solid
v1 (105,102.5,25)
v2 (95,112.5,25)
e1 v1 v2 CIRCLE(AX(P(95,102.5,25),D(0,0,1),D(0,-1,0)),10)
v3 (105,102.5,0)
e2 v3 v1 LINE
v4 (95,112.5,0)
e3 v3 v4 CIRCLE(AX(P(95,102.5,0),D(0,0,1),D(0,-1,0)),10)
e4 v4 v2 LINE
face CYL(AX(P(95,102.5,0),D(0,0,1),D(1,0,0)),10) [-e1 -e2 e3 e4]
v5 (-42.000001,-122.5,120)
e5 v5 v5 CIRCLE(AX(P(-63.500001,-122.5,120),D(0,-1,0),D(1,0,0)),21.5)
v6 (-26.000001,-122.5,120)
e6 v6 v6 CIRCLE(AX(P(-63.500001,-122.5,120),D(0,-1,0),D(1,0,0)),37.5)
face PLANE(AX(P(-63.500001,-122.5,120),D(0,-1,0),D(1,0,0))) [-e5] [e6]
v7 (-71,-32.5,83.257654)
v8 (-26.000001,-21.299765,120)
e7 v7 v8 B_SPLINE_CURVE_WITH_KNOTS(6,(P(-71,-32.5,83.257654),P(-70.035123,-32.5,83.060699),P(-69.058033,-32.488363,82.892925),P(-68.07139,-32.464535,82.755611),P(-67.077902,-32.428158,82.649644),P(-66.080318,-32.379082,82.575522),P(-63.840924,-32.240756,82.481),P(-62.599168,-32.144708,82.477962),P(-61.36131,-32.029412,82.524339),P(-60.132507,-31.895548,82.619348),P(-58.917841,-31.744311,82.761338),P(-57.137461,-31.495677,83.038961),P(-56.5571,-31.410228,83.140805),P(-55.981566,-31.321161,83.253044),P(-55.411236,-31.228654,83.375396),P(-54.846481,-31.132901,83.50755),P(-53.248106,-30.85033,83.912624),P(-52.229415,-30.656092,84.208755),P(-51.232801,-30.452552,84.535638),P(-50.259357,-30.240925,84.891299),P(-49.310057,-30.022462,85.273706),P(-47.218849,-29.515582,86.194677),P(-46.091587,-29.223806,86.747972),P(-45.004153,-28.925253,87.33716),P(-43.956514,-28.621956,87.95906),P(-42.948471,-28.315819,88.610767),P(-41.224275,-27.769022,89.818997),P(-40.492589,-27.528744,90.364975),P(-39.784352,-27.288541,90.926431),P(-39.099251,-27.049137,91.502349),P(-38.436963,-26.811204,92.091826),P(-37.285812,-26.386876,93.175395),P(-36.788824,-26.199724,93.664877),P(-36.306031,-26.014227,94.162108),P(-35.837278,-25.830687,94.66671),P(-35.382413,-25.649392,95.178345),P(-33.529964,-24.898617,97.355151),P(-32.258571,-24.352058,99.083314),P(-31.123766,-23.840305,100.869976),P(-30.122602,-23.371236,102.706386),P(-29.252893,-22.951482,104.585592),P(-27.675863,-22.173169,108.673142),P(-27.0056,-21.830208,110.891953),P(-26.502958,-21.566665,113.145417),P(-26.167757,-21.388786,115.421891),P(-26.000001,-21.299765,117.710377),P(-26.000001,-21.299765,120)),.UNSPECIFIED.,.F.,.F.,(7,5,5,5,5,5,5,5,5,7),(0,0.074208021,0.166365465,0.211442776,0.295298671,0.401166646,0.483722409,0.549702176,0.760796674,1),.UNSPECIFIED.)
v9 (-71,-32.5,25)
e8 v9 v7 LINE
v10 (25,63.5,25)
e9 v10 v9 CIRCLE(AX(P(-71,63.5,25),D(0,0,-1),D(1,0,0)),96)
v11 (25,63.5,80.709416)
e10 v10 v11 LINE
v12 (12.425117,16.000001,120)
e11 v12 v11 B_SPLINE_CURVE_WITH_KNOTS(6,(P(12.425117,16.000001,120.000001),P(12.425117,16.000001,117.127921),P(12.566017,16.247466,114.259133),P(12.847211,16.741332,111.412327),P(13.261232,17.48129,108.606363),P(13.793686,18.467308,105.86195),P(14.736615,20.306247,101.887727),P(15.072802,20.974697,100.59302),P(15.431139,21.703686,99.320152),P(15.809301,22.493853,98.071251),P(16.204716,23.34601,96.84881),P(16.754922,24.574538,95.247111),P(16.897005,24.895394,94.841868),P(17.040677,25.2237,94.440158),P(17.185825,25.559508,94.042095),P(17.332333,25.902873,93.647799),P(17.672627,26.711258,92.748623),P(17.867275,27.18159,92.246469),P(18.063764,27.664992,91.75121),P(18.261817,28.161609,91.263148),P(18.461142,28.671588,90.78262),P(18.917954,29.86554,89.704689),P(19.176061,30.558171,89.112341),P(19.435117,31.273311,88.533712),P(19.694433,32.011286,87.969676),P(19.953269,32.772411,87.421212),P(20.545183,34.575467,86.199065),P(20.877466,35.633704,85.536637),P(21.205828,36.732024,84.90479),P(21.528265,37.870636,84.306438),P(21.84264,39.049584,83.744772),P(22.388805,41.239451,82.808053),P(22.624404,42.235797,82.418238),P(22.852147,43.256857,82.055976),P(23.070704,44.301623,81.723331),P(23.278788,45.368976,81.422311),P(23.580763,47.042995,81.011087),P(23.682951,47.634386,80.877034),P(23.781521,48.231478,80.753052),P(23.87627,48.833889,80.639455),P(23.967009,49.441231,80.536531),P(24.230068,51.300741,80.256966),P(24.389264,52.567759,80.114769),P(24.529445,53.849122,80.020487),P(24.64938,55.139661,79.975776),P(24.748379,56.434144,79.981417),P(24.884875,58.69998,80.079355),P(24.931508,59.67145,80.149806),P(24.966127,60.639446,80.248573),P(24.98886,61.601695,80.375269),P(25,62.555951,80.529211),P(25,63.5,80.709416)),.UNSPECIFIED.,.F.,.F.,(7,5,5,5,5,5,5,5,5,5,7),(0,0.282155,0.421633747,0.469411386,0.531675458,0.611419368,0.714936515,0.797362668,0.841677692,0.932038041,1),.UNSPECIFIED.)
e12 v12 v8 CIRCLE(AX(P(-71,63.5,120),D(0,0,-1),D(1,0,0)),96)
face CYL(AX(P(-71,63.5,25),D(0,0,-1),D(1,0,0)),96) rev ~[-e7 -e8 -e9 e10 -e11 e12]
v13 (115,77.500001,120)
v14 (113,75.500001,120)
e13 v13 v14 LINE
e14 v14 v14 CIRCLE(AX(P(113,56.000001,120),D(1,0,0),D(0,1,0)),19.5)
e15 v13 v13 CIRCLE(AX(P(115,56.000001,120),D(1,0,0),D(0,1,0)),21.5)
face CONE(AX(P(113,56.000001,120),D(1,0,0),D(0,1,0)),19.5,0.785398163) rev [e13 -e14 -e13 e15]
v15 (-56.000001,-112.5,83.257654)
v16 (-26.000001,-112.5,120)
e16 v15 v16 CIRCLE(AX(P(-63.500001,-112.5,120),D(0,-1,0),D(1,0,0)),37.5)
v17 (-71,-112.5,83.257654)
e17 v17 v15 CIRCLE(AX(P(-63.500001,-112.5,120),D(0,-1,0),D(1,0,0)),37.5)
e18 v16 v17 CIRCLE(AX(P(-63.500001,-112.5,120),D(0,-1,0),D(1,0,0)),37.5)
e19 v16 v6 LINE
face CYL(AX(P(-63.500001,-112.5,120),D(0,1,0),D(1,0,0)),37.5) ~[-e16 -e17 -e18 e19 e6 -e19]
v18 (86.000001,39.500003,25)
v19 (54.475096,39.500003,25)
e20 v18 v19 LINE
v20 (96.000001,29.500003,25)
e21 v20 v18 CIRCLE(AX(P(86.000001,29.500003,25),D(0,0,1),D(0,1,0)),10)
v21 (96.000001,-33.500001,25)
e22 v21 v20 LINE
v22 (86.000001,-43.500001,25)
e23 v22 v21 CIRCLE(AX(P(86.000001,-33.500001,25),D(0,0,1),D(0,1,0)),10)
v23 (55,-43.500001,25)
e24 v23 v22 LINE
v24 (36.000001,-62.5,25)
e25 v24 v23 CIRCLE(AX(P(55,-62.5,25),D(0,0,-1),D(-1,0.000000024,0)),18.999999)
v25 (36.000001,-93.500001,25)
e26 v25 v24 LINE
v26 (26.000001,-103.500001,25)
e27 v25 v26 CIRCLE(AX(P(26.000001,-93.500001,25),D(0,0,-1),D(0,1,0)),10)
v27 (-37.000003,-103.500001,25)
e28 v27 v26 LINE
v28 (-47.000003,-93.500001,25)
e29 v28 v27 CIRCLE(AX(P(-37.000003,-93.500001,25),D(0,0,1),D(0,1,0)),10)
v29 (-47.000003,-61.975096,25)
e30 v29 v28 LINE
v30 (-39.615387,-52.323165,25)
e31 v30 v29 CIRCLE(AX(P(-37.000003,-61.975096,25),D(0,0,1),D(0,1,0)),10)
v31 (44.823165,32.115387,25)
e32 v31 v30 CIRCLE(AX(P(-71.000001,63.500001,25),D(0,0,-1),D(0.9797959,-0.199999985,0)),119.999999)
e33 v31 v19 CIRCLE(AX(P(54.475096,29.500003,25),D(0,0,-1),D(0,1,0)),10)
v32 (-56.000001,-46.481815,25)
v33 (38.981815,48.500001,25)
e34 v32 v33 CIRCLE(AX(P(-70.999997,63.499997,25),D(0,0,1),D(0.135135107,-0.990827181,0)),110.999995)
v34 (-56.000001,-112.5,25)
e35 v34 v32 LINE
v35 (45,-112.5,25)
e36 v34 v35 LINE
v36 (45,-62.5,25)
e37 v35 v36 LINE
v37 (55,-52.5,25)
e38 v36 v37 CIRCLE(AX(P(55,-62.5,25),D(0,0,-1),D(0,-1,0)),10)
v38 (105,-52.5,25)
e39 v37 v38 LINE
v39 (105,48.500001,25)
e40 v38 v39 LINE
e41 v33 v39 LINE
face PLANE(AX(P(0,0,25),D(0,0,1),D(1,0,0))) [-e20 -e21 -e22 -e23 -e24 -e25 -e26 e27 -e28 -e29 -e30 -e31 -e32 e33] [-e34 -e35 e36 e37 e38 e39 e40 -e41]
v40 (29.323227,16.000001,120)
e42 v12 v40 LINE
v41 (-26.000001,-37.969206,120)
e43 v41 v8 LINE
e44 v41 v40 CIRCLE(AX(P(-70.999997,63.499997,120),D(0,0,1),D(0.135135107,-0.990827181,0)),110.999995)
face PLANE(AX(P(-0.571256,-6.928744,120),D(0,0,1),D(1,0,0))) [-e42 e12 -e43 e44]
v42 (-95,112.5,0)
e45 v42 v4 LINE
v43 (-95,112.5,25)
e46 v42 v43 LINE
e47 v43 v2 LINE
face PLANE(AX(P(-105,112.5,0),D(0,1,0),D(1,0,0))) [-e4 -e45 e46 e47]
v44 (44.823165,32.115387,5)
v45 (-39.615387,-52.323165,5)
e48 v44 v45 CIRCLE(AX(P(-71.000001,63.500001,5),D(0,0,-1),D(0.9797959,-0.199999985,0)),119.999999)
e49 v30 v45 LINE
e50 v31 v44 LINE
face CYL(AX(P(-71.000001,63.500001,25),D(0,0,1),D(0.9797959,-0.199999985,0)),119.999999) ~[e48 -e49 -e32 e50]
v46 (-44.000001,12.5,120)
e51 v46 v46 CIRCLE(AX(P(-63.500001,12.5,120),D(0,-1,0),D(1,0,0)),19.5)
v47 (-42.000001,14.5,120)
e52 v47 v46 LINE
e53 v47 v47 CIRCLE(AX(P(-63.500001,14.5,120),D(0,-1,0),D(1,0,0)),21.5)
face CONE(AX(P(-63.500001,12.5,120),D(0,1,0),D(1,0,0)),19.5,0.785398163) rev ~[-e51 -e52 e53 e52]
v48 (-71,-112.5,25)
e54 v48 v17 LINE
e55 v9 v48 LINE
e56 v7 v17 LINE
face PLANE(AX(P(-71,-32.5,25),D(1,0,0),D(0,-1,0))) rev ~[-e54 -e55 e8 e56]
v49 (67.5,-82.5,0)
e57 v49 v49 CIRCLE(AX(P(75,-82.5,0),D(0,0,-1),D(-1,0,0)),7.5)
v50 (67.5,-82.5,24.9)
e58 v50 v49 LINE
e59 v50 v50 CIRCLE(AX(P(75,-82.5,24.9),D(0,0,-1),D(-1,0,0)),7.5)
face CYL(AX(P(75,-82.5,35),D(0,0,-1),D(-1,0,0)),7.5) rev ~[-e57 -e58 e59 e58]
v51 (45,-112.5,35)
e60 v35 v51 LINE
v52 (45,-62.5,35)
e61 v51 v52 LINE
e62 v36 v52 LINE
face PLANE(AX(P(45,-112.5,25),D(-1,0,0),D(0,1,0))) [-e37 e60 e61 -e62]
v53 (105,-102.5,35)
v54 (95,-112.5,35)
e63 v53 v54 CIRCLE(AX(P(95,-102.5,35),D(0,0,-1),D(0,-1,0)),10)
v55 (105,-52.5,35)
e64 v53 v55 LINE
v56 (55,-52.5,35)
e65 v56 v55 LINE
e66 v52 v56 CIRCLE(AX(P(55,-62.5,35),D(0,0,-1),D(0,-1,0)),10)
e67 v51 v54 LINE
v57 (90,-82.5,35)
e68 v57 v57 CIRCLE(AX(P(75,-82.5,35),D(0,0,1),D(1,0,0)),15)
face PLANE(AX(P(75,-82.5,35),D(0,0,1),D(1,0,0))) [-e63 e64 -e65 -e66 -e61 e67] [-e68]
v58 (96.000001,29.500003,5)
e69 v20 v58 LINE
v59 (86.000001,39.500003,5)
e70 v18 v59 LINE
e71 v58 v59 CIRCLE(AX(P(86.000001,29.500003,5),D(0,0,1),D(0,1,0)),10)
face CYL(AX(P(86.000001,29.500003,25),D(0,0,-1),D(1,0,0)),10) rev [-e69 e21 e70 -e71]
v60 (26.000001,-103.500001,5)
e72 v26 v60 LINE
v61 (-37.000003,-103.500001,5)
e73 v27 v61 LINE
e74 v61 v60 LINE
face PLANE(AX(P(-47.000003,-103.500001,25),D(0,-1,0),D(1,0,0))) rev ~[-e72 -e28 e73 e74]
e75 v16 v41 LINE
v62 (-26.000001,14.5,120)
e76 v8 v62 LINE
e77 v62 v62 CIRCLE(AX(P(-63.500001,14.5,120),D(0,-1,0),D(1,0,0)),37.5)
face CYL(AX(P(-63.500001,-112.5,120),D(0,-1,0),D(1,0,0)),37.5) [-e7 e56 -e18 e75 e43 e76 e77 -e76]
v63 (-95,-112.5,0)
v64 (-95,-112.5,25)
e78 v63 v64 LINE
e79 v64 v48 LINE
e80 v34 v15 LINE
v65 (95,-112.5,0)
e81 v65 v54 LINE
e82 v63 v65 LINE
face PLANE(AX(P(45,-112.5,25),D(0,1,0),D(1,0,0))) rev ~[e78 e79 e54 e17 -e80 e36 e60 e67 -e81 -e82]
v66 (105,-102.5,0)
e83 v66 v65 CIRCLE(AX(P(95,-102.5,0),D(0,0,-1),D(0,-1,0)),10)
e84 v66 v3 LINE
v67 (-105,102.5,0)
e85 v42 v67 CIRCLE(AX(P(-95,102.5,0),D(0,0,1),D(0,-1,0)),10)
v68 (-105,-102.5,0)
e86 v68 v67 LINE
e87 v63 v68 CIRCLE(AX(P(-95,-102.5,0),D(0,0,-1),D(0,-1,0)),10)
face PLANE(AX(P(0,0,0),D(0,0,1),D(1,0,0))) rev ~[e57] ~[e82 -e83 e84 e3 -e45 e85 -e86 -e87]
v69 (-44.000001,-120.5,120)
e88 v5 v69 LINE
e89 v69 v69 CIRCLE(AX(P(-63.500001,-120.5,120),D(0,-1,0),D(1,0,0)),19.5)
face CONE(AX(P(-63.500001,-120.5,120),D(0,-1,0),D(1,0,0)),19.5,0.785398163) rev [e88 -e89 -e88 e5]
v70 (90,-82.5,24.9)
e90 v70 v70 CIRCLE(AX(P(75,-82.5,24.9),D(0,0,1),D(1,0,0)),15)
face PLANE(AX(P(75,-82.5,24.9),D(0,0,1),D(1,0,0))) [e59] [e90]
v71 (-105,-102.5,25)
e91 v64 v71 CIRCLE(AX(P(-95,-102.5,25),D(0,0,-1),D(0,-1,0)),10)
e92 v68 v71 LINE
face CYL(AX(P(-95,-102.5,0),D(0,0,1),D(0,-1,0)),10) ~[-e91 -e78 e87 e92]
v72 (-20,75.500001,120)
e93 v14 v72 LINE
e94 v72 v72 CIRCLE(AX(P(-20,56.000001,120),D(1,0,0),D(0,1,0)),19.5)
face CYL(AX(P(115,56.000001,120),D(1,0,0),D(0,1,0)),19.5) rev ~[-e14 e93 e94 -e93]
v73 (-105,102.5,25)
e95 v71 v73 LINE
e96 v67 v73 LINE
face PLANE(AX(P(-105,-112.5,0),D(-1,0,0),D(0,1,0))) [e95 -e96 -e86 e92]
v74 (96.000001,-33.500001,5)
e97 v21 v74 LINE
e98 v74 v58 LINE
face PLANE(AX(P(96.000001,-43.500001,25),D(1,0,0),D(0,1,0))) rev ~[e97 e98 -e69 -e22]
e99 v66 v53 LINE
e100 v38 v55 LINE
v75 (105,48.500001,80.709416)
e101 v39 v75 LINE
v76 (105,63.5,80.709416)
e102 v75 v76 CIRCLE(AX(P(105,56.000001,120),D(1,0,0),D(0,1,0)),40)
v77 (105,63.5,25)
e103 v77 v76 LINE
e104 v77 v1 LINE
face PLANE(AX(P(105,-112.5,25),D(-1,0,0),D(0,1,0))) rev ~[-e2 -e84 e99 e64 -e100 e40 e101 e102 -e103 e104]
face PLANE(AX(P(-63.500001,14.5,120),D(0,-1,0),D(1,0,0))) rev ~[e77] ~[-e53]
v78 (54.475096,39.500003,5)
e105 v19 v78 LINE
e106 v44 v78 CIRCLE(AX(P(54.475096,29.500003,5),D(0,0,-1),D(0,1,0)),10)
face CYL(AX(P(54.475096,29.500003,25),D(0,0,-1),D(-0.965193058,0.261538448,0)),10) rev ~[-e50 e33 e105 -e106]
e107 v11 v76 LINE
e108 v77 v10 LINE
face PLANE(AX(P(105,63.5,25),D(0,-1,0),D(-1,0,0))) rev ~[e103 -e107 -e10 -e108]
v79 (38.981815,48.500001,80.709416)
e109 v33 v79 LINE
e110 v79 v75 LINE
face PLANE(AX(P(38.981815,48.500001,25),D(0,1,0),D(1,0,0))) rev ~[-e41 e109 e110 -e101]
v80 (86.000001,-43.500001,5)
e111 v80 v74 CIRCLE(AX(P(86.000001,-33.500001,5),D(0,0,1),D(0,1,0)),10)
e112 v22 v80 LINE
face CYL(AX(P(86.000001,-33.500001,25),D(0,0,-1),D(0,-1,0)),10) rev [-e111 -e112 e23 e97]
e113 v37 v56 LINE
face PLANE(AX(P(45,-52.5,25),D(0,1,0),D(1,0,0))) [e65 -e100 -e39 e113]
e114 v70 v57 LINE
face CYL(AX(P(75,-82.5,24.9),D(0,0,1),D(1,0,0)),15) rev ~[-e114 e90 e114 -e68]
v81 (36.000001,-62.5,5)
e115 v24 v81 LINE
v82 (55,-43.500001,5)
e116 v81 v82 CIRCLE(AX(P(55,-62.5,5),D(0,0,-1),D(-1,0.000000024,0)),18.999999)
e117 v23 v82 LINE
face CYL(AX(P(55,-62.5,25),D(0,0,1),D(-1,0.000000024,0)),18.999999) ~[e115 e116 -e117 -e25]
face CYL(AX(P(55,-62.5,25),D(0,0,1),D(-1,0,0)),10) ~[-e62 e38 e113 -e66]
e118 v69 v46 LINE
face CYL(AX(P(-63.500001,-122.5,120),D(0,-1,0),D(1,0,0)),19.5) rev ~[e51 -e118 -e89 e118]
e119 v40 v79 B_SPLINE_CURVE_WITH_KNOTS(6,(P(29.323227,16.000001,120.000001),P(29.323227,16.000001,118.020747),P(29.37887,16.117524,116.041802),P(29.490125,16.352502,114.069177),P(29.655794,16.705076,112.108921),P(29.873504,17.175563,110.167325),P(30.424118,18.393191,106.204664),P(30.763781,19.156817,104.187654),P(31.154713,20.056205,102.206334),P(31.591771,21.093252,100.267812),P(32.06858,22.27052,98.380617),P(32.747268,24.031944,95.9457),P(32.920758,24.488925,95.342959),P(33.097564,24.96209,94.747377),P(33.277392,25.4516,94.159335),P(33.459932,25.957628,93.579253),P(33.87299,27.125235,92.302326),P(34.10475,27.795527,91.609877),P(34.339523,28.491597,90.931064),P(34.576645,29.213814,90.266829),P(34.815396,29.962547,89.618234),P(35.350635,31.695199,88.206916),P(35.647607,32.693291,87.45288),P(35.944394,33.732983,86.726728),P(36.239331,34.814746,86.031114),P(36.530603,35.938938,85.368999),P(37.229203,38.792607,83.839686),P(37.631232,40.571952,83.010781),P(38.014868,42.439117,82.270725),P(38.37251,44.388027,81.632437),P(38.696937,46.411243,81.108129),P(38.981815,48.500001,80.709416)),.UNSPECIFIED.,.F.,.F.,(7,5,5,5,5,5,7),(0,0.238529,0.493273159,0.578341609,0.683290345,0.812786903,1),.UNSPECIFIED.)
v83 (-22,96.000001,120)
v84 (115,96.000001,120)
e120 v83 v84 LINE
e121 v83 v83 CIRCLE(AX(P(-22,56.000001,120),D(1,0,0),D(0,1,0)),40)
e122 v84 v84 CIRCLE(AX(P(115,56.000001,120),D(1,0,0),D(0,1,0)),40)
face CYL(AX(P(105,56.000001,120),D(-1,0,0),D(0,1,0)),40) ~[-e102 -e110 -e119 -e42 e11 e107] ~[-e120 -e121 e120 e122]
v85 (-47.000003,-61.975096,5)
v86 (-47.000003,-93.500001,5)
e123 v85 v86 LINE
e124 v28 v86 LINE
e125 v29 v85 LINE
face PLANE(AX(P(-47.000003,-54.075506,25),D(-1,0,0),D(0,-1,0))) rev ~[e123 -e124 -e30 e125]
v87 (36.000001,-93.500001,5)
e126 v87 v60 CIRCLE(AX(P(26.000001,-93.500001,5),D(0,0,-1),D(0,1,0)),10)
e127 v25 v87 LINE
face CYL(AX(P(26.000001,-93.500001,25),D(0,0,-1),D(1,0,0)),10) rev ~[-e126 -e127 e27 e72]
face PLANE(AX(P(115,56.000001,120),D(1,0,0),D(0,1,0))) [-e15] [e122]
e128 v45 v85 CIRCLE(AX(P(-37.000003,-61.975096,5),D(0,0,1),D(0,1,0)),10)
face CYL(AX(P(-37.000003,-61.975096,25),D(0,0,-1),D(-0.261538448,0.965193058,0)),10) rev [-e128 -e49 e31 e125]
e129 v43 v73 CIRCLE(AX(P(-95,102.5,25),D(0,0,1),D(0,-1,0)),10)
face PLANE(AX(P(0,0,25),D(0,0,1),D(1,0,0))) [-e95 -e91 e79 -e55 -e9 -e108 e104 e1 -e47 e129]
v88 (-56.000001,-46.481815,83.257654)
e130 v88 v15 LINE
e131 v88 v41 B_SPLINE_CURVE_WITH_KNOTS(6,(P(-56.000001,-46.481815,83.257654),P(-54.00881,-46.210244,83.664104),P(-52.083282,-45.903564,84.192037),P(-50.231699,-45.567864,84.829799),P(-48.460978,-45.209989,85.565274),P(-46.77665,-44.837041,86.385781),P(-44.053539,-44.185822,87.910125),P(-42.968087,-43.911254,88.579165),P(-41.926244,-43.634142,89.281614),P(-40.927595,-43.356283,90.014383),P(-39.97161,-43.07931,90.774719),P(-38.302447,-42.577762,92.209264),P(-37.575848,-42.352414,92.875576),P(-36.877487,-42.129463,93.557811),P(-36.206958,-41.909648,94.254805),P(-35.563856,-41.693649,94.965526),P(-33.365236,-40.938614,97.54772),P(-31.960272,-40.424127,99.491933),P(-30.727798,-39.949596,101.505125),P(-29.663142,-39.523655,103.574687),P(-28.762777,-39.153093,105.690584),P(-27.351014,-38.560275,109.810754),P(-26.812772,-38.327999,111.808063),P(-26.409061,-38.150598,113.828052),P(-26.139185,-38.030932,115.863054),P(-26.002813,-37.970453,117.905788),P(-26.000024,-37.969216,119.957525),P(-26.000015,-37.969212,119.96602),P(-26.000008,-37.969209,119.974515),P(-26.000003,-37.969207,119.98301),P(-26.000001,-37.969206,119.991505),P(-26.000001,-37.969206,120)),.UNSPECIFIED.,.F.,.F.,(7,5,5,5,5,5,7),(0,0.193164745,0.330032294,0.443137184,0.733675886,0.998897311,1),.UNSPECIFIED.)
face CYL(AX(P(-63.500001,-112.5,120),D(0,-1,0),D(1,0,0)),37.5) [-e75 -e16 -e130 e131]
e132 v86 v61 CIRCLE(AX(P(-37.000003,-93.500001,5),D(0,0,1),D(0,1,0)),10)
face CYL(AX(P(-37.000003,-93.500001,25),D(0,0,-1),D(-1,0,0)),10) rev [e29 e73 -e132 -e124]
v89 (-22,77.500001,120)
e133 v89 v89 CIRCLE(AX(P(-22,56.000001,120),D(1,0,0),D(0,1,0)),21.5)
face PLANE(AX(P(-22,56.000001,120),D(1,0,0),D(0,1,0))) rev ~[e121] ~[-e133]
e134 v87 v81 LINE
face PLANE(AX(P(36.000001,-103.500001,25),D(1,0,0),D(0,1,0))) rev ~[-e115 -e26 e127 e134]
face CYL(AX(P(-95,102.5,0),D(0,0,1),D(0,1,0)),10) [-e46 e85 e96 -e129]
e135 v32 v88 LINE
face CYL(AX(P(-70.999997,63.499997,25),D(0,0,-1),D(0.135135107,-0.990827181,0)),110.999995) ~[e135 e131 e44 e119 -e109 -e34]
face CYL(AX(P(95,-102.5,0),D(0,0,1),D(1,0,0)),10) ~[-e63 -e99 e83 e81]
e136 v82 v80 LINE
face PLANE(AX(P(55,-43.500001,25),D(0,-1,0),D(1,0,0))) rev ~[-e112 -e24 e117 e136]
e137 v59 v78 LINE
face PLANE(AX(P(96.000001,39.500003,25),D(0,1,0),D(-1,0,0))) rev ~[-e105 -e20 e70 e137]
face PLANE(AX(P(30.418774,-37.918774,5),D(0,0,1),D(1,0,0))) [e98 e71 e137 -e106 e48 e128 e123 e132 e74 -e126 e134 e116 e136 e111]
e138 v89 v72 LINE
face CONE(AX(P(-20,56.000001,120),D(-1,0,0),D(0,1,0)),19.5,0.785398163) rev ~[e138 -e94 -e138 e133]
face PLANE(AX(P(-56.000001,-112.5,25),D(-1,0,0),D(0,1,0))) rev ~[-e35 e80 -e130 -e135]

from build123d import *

# Parameters (mm, degrees)
F0_W            = 210
F0_H            = 225
F1_DEPTH        = 25
F3_DEPTH        = 95
F4_R            = 37.5
F5_DEPTH        = 10
F5_DEPTH_BACK   = 127
F6_R            = 40
F7_DEPTH        = 10
F7_DEPTH_BACK   = 127
F8_W            = 60
F8_H            = 60
F9_DEPTH        = 10
F10_R           = 10
F12_DEPTH       = 20
F14_D           = 15
F14_CBORE_D     = 30
F14_CBORE_DEPTH = 10.1
F15_R           = 10
F16_R           = 10
F17_R           = 19.5
F18_DEPTH       = 235.001
F19_R           = 19.5
F20_DEPTH       = 220.001
F21_SIZE        = 2
F22_R           = 10


with BuildPart() as f1:
    # F0 (on Top) → F1 (new body)
    with BuildSketch(Plane.XY):
        Rectangle(F0_W, F0_H)
    extrude(amount=F1_DEPTH)

    # F2 (on face) → F3 (join)
    with BuildSketch(Plane.XY.offset(25)):
        with BuildLine():
            Line((-71, -32.5), (-71, -112.5))
            Line((-71, -112.5), (-56.000001, -112.5))
            Line((-56.000001, -112.5), (-56.000001, -46.481815))
            ThreePointArc((-56.000001, -46.481815), (7.488852, -14.988852), (38.981815, 48.500001))
            Line((38.981815, 48.500001), (105, 48.500001))
            Line((105, 48.500001), (105, 63.5))
            Line((105, 63.5), (25, 63.5))
            ThreePointArc((25, 63.5), (-3.117749, -4.382251), (-71, -32.5))
        make_face()
    extrude(amount=F3_DEPTH)

    # F4 (on face) → F5 (join, two sides)
    with BuildSketch(Plane.XZ.offset(112.5)) as f5_sk:
        with Locations((-63.500001, 120)):
            Circle(F4_R)
    extrude(amount=F5_DEPTH)
    extrude(f5_sk.sketch, amount=-F5_DEPTH_BACK)

    # F6 (on face) → F7 (join, two sides)
    with BuildSketch(Plane.YZ.offset(105)) as f7_sk:
        with Locations((56.000001, 120)):
            Circle(F6_R)
    extrude(amount=F7_DEPTH)
    extrude(f7_sk.sketch, amount=-F7_DEPTH_BACK)

    # F8 (on face) → F9 (join)
    with BuildSketch(Plane.XY.offset(25)):
        with Locations((75, -82.5)):
            Rectangle(F8_W, F8_H)
    extrude(amount=F9_DEPTH)

    # F10
    f10_edges = [f1.edges().sort_by_distance(p)[0] for p in [
        (45, -52.5, 30),
    ]]
    fillet(f10_edges, radius=F10_R)

    # F11 (on face) → F12 (cut)
    with BuildSketch(Plane.XY.offset(25)):
        with BuildLine():
            ThreePointArc((46.575506, 39.500003), (13.852812, -21.352812), (-47.000003, -54.075506))
            Line((-47.000003, -54.075506), (-47.000003, -103.500001))
            Line((-47.000003, -103.500001), (36.000001, -103.500001))
            Line((36.000001, -103.500001), (36.000001, -62.5))
            ThreePointArc((36.000001, -62.5), (41.564972, -49.064972), (55, -43.500001))
            Line((55, -43.500001), (96.000001, -43.500001))
            Line((96.000001, -43.500001), (96.000001, 39.500003))
            Line((96.000001, 39.500003), (46.575506, 39.500003))
        make_face()
    extrude(amount=-F12_DEPTH, mode=Mode.SUBTRACT)

    # F14 (through all)
    with Locations(Plane.XY.offset(35)):
        with Locations((75, -82.5)):
            CounterBoreHole(F14_D / 2, F14_CBORE_D / 2, F14_CBORE_DEPTH)

    # F15
    f15_edges = [f1.edges().sort_by_distance(p)[0] for p in [
        (-47.000003, -54.075506, 15),
        (46.575506, 39.500003, 15),
        (-47.000003, -103.500001, 15),
        (96.000001, 39.500003, 15),
    ]]
    fillet(f15_edges, radius=F15_R)

    # F16
    f16_edges = [f1.edges().sort_by_distance(p)[0] for p in [
        (96.000001, -43.500001, 15),
        (36.000001, -103.500001, 15),
    ]]
    fillet(f16_edges, radius=F16_R)

    # F17 (on face) → F18 (cut, through all)
    with BuildSketch(Plane.XZ.offset(122.5)):
        with Locations((-63.500001, 120)):
            Circle(F17_R)
    extrude(amount=-F18_DEPTH, mode=Mode.SUBTRACT)

    # F19 (on face) → F20 (cut, through all)
    with BuildSketch(Plane.YZ.offset(115)):
        with Locations((56.000001, 120)):
            Circle(F19_R)
    extrude(amount=-F20_DEPTH, mode=Mode.SUBTRACT)

    # F21
    f21_edges = [f1.edges().sort_by_distance(p)[0] for p in [
        (115, 36.500001, 120),
        (-83.000001, -122.5, 120),
        (-22, 36.500001, 120),
        (-83.000001, 14.5, 120),
    ]]
    chamfer(f21_edges, length=F21_SIZE)

    # F22
    f22_edges = [f1.edges().sort_by_distance(p)[0] for p in [
        (-105, -112.5, 12.5),
        (105, -112.5, 17.5),
        (105, 112.5, 12.5),
        (-105, 112.5, 12.5),
    ]]
    fillet(f22_edges, radius=F22_R)


solid = f1.part
